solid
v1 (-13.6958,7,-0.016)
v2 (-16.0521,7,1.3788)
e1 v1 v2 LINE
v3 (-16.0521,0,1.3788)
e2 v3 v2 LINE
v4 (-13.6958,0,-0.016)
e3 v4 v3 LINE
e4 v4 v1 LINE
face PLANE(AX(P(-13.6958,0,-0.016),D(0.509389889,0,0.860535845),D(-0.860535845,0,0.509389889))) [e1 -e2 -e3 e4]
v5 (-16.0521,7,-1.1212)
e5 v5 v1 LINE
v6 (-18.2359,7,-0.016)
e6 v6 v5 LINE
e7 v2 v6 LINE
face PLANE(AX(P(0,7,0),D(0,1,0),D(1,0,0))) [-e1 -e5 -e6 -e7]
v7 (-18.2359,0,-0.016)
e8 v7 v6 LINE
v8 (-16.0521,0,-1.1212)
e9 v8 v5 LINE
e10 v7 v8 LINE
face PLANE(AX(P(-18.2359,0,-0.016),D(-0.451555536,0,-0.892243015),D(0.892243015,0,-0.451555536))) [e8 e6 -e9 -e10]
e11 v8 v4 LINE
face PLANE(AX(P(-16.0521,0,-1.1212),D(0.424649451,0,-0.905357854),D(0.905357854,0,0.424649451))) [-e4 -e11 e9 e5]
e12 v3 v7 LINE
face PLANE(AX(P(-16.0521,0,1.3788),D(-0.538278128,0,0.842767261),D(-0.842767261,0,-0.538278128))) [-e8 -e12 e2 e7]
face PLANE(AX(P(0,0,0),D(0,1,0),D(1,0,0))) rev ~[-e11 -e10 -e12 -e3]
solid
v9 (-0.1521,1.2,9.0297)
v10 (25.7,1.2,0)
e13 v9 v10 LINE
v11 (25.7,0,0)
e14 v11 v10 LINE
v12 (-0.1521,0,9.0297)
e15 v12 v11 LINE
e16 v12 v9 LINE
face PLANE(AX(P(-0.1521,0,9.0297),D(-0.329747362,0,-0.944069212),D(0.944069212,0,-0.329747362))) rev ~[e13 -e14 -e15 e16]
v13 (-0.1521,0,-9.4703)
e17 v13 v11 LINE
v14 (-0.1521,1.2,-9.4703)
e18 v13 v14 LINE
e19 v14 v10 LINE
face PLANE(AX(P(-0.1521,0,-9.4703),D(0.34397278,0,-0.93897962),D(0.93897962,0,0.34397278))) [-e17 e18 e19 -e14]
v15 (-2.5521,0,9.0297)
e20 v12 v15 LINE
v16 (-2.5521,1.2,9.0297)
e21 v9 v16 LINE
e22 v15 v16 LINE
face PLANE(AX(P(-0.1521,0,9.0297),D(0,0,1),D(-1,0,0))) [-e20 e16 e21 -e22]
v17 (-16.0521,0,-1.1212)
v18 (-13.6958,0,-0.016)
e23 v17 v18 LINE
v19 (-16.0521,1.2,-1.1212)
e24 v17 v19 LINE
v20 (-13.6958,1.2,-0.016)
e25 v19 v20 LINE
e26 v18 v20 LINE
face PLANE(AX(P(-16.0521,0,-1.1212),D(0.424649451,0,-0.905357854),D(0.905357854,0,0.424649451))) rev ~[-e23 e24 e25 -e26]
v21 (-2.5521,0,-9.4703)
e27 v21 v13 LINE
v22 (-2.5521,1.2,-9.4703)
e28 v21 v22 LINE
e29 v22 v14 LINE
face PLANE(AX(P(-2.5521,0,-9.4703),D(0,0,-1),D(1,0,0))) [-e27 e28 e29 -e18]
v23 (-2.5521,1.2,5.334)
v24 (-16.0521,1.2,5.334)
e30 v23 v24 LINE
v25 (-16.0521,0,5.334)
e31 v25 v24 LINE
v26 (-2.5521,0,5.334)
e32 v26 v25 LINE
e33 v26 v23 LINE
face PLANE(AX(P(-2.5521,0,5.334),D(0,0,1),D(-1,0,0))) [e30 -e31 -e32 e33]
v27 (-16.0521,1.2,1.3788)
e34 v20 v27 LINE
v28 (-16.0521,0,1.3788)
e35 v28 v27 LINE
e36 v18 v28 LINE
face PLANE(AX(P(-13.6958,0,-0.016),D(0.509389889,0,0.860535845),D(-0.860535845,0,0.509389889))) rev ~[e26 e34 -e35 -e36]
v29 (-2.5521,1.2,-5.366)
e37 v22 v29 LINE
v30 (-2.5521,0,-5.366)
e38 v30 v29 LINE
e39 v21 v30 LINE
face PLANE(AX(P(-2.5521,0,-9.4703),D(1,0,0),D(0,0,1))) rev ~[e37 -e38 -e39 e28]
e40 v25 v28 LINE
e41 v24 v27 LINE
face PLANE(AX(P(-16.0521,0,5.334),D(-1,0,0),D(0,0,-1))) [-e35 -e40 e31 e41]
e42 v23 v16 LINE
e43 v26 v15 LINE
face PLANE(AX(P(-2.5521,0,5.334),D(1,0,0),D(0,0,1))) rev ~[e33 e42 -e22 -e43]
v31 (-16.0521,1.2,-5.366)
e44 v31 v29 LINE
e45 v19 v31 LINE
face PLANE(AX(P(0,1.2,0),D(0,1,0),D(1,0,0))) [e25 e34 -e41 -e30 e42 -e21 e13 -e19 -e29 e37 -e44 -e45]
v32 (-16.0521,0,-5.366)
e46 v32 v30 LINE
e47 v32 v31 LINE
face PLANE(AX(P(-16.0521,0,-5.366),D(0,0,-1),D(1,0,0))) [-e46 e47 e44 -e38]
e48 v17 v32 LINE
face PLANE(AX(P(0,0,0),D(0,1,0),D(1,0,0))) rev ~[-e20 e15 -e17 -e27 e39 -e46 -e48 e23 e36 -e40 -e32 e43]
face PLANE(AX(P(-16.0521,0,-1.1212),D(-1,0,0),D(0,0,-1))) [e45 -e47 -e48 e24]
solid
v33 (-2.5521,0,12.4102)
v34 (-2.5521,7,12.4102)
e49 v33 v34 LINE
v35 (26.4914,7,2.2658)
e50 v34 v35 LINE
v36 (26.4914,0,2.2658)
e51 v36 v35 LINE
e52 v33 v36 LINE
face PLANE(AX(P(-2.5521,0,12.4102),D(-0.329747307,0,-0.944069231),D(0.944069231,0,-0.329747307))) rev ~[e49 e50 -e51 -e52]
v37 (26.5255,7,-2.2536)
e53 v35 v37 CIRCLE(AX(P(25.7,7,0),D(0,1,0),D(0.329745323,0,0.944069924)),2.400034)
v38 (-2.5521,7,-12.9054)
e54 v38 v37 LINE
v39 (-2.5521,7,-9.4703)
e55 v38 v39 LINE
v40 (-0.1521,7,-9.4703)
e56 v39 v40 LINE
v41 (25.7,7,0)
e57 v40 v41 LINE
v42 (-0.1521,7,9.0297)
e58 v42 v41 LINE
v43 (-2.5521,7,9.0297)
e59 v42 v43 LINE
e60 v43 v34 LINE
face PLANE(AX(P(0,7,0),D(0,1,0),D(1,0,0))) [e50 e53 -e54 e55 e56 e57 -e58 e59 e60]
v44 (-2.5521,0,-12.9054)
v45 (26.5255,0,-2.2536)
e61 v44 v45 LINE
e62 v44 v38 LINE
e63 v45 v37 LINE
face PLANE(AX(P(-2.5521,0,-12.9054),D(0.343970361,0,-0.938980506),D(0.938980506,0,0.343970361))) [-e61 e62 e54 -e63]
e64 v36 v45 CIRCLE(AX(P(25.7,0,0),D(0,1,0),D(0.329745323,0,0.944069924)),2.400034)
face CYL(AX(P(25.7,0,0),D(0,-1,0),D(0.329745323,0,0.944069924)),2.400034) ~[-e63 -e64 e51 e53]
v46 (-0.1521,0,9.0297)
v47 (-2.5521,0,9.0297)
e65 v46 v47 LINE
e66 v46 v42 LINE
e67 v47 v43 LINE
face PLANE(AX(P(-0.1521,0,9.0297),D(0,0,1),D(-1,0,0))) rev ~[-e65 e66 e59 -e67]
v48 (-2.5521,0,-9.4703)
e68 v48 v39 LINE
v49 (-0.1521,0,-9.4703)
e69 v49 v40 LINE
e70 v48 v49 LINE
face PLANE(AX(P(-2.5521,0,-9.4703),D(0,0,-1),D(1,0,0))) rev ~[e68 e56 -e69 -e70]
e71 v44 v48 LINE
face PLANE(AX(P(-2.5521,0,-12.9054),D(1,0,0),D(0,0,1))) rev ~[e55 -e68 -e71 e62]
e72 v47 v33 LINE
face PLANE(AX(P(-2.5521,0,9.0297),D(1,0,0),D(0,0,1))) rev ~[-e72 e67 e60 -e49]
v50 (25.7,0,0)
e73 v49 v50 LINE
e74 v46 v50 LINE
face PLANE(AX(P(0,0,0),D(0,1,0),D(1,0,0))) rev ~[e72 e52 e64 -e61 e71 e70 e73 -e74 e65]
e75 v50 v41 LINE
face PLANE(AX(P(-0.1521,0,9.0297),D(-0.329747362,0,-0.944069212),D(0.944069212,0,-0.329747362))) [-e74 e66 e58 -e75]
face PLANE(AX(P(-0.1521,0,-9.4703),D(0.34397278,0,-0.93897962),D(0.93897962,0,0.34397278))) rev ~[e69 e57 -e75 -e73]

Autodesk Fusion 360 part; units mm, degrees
sketch "Sketch1" plane through (0, 0, 0) normal (0, 1, 0) x (1, 0, 0)
  line L0 (-0.1521, 9.4703) -> (-0.1521, -9.0297)
  line L1 (0, 0) -> (25.7, 0) construction
  line L2 (-0.1521, -9.0297) -> (25.7, 0)
  line L3 (-0.1521, 9.4703) -> (25.7, 0)
  line L4 (-2.5521, 12.9054) -> (26.5255, 2.2536)
  line L5 (-2.5521, -12.4102) -> (26.4914, -2.2658)
  line L6 (-2.5521, 12.9054) -> (-2.5521, -12.4102)
  arc A0 (26.4914, -2.2658) -> (26.5255, 2.2536) centre (25.7, 0) ccw
  line L7 (-0.1521, -9.0297) -> (-2.5521, -9.0297)
  line L8 (-2.5521, -9.0297) -> (-2.5521, 9.4703)
  line L9 (-2.5521, 9.4703) -> (-0.1521, 9.4703)
  line L10 (-0.1521, 9.4703) -> (-0.1521, -9.0297)
  line L11 (-0.1521, -5.334) -> (-16.0521, -5.334)
  line L12 (-16.0521, -5.334) -> (-16.0521, 5.366)
  line L13 (-16.0521, 5.366) -> (-0.1521, 5.366)
  line L14 (-0.1521, 5.366) -> (-0.1521, -5.334)
  line L15 (-18.2359, 0.016) -> (-13.6958, 0.016) construction
  line L16 (-16.0521, -1.3788) -> (-16.0521, 1.1212) construction
  line L17 (-16.0521, -1.3788) -> (-18.2359, 0.016)
  line L18 (-18.2359, 0.016) -> (-16.0521, 1.1212)
  line L19 (-16.0521, 1.1212) -> (-13.6958, 0.016)
  line L20 (-13.6958, 0.016) -> (-16.0521, -1.3788)
  dimension "d1" = 18.5
  dimension "d2" = 25.7
  dimension "d4" = 2.4
  dimension "d5" = 2.4
  dimension "d6" = 18.5
  dimension "d7" = 15.9
  dimension "d8" = 10.7
  dimension "d9" = 2.5
extrude "Extrude2" add sketch "Sketch1" along normal blind 1.2 contours L0 L2 L3 L10 L14 | L0 L6 L8 L9 L10 L13 | L0 L6 L8 L10 L11 L13 L14 | L0 L6 L7 L8 L10 L11 | L6 L8 L11 L12 L13 L19 L20 makes body 1
extrude "Extrude1" add sketch "Sketch1" along normal blind 7 separate body contours L2 L3 L4 L5 L6 A0 L7 L9 | L12 L19 L20 | L12 L17 L18 makes body 2 at (-14.4813, 2.3333, 0.449) makes body 3 at (7.1404, 2.3333, -9.3548)
